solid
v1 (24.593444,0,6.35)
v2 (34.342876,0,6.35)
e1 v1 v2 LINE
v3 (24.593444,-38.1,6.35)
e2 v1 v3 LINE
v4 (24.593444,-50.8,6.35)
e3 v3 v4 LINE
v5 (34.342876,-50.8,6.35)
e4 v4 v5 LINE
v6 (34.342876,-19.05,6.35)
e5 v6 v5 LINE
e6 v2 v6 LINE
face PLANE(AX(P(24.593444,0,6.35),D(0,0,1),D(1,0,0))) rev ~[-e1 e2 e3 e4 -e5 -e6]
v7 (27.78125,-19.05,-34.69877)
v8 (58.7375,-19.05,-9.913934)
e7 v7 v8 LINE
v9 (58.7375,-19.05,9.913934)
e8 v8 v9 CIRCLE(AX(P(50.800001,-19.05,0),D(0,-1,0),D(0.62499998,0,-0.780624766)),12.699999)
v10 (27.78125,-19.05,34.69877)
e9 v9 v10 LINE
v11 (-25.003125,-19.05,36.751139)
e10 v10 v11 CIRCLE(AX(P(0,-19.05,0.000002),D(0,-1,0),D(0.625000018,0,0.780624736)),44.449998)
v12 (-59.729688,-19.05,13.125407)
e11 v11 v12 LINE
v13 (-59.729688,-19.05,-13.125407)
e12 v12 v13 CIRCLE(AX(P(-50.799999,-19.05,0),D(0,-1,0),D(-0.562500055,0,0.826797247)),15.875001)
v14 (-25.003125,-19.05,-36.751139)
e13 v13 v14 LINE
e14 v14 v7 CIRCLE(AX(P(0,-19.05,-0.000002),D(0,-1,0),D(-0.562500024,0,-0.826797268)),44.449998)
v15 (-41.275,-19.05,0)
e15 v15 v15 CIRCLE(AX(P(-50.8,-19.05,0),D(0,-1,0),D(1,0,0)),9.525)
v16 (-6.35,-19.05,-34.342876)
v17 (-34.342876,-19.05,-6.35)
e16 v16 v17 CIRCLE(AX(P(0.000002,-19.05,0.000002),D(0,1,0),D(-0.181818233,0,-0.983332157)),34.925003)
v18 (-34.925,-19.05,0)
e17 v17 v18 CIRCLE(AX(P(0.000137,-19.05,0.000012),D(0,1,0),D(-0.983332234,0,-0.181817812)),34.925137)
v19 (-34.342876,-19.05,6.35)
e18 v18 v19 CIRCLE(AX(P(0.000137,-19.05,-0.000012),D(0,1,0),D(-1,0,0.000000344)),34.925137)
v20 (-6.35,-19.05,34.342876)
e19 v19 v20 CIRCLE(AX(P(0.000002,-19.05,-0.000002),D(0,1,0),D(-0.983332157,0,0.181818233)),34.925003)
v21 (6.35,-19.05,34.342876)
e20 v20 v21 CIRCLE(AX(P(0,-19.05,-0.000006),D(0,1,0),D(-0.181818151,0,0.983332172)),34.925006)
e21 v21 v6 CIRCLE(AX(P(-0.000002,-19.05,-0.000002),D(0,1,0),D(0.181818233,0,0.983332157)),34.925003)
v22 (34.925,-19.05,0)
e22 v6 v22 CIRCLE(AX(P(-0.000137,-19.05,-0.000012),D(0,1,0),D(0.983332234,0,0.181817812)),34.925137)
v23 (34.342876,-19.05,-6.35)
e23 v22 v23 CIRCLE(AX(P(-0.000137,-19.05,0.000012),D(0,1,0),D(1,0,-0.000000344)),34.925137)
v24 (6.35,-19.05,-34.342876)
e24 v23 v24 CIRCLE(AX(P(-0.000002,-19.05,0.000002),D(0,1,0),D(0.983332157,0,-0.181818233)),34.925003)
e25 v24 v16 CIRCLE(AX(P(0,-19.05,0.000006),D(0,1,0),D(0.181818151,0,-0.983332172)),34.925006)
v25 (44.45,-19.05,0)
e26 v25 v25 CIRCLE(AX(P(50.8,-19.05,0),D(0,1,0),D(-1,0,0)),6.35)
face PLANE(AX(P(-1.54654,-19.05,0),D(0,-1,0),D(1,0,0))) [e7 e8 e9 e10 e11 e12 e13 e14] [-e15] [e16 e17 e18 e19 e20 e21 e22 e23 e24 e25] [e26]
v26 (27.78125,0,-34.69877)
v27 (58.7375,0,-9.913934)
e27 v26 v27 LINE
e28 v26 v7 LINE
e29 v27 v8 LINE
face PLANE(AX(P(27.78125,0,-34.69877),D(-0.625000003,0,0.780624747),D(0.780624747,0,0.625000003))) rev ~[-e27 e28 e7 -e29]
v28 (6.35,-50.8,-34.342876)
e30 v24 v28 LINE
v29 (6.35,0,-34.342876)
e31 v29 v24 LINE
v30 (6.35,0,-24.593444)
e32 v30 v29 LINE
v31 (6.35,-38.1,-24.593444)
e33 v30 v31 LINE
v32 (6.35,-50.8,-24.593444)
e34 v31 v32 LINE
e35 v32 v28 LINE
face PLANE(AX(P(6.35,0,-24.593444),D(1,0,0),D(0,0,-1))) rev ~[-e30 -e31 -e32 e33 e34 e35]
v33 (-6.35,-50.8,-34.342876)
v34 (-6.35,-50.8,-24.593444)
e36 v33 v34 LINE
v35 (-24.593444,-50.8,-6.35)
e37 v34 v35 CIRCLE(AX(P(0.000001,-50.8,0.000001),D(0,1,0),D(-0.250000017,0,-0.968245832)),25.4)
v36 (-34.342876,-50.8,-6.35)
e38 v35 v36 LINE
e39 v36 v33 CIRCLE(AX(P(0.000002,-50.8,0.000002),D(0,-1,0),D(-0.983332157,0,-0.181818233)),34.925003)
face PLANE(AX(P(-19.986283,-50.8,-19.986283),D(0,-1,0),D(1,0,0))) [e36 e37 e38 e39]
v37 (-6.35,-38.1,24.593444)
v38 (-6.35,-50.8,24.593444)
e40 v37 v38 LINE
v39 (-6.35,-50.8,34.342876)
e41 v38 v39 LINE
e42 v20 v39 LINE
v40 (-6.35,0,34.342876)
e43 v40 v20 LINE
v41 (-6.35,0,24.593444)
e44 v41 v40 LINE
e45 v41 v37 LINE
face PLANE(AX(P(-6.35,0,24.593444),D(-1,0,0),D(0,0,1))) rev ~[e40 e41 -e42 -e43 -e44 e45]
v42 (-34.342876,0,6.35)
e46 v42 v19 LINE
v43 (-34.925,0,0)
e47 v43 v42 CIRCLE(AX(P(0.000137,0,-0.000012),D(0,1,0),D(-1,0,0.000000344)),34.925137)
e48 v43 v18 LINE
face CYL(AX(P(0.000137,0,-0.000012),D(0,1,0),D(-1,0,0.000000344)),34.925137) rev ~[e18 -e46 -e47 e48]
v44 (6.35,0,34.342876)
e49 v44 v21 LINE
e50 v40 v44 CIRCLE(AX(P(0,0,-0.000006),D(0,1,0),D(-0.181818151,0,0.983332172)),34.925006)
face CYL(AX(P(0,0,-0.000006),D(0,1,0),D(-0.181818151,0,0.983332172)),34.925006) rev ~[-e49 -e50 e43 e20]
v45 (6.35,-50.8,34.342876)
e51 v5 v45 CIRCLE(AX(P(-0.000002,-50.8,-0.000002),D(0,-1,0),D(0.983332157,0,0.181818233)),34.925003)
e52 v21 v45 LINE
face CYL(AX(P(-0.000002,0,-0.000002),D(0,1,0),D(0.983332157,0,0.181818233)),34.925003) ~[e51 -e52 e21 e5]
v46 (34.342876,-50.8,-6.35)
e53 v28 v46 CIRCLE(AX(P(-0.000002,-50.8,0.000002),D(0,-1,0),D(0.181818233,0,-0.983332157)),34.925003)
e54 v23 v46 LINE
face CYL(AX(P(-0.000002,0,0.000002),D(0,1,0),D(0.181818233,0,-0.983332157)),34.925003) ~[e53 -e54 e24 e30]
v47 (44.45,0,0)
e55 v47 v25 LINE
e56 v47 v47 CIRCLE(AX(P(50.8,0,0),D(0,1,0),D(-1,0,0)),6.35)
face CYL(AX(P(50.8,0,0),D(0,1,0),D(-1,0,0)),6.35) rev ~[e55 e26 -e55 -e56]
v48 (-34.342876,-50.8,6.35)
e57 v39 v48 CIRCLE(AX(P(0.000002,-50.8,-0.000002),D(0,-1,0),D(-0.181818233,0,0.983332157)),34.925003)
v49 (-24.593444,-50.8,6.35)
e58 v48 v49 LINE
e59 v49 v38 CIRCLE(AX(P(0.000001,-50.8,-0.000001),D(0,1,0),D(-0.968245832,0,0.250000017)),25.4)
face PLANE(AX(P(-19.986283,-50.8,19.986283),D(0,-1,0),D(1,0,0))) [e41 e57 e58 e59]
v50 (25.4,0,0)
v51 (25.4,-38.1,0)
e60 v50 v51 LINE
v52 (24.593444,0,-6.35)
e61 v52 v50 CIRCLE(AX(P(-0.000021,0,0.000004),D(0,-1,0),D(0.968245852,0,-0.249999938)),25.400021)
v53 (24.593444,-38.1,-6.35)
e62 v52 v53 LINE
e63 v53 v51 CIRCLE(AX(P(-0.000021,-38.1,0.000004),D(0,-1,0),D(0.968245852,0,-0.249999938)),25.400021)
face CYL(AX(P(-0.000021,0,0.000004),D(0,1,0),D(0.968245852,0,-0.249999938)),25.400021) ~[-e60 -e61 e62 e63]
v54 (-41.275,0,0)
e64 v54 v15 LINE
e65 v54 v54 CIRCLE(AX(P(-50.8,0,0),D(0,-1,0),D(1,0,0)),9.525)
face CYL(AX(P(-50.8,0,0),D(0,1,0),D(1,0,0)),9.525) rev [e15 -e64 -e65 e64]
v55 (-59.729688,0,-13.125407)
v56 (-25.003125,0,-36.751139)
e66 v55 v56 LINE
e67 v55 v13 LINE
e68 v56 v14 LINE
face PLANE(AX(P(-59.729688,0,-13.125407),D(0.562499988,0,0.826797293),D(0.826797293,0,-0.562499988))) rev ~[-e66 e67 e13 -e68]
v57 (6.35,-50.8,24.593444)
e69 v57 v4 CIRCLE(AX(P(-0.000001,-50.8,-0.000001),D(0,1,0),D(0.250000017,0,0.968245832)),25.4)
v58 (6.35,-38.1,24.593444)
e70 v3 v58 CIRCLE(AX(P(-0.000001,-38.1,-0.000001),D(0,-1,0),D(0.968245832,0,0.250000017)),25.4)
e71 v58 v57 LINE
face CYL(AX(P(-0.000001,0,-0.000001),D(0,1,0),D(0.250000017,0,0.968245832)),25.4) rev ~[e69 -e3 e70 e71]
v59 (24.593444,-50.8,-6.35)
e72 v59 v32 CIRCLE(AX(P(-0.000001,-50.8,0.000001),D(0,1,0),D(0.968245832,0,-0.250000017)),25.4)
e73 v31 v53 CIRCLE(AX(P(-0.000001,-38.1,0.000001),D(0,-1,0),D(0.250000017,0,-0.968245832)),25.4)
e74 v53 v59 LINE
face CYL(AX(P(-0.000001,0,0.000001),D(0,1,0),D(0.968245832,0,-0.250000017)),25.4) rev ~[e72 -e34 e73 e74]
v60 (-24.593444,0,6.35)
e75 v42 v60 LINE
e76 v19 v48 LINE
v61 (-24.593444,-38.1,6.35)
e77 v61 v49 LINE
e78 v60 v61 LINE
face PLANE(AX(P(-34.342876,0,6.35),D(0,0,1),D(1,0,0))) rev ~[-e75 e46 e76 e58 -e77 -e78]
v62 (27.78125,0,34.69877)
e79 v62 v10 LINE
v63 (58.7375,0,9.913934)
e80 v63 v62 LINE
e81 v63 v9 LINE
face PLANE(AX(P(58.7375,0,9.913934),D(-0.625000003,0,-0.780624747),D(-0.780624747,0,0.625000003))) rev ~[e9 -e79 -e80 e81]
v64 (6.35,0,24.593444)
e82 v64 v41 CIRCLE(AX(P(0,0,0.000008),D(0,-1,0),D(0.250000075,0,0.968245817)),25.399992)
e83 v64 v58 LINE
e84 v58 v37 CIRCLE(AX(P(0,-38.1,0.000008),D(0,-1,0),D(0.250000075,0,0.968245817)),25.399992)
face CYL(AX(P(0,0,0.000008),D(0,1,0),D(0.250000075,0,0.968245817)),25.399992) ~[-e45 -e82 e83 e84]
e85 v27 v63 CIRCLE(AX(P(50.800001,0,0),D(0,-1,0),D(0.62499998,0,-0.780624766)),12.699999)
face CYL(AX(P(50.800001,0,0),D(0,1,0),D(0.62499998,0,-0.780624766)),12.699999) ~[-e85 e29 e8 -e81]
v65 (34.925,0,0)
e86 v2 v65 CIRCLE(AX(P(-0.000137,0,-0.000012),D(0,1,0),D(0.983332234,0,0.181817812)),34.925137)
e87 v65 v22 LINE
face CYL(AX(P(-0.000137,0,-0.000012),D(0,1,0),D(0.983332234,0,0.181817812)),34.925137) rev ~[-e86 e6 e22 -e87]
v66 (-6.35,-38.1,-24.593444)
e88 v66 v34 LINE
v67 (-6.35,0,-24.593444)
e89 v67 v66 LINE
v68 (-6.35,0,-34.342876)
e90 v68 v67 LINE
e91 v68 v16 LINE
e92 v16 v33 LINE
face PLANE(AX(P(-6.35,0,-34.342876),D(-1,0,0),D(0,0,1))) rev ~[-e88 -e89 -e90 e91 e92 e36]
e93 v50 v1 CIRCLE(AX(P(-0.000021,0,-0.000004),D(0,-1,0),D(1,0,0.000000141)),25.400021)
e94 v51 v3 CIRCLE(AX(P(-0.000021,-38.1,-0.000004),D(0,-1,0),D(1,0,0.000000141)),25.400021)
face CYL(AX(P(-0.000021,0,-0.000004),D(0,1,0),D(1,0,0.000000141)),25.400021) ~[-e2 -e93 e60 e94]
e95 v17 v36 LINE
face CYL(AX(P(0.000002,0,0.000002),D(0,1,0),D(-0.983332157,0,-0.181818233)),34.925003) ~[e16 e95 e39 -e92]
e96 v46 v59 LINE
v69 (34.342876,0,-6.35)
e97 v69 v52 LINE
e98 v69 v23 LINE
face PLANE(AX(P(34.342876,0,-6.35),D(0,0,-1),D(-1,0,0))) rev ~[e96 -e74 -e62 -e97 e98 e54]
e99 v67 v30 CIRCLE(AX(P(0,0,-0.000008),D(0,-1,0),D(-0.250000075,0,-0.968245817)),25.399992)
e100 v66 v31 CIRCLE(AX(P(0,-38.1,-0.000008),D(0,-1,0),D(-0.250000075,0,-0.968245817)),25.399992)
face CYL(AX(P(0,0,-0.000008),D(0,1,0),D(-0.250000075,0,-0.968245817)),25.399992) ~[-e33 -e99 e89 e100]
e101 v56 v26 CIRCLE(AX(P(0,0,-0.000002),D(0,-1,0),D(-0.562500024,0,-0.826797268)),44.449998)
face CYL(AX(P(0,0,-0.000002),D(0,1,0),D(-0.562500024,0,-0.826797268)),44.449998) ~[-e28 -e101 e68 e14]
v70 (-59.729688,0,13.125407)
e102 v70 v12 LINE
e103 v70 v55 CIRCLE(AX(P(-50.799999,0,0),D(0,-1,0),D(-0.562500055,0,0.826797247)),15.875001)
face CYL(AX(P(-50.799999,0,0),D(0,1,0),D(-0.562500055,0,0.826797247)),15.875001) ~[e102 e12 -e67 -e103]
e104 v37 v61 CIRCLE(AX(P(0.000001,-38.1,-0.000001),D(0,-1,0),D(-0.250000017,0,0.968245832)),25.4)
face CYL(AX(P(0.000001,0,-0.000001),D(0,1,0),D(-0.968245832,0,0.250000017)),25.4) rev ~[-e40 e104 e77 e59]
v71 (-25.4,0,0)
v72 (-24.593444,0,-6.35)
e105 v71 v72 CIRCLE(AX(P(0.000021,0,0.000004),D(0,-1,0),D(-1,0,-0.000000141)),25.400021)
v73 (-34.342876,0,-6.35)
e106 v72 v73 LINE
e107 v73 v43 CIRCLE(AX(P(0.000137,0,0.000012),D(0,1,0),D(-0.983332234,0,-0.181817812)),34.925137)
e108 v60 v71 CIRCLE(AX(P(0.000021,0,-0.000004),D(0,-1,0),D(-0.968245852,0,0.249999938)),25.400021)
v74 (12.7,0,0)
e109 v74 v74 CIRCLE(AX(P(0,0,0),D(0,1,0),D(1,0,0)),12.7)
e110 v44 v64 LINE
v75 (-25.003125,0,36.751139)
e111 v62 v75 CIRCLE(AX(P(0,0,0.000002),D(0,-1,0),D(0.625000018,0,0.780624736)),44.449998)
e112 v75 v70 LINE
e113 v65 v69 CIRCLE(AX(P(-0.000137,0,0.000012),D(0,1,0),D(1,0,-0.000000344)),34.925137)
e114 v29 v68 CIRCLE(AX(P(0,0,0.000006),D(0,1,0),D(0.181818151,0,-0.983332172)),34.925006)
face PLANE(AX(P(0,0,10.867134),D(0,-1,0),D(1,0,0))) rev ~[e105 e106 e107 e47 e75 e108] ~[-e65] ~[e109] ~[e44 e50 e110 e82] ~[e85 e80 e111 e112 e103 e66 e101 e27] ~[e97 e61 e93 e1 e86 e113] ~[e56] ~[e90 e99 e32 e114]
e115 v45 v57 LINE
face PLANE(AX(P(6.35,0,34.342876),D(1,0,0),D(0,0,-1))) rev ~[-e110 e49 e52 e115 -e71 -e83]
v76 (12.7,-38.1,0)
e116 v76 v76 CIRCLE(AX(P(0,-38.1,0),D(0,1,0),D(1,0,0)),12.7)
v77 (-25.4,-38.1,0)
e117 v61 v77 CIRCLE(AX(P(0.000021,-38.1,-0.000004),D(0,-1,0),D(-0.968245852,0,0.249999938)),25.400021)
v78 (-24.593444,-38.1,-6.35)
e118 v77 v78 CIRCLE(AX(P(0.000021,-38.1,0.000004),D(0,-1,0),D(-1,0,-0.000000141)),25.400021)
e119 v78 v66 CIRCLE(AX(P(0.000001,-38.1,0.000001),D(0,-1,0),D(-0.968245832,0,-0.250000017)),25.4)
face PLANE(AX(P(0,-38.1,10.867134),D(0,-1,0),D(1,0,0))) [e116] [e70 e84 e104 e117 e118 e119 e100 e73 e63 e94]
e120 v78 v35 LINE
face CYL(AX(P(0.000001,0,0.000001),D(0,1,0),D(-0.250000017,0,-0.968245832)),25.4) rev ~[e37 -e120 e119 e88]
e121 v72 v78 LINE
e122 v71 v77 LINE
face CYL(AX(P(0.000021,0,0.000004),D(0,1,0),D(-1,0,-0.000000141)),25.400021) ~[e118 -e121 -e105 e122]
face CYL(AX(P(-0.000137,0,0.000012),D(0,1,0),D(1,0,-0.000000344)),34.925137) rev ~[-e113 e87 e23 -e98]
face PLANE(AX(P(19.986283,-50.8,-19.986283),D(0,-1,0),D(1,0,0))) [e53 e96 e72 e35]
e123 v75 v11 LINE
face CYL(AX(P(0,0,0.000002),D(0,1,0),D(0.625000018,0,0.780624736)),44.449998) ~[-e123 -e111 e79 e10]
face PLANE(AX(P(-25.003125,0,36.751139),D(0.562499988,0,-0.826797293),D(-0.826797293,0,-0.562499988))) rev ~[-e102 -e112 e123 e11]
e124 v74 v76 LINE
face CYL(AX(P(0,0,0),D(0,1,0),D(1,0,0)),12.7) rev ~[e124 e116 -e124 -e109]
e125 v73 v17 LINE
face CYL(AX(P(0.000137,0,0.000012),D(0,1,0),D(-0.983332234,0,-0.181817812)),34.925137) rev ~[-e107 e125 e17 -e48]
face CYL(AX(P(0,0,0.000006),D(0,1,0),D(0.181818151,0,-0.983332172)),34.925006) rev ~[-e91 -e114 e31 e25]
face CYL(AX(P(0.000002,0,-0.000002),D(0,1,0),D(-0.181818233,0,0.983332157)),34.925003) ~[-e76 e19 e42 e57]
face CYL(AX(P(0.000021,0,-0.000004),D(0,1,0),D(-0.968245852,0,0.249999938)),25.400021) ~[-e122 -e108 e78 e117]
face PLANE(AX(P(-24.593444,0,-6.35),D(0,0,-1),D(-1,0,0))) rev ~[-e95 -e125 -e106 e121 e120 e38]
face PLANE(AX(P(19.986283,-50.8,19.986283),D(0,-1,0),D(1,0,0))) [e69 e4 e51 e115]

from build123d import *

# Parameters (mm, degrees)
F0_R     = 9.525
F1_DEPTH = 19.05
F2_DEPTH = 50.8
F3_DEPTH = 38.1


with BuildPart() as f1:
    # F0 (on Front) → F1 (new body)
    with BuildSketch(Plane.XZ):
        with BuildLine():
            Line((-59.729688, -13.125407), (-25.003125, -36.751139))
            ThreePointArc((-25.003125, -36.751139), (1.727006, -44.416438), (27.78125, -34.69877))
            Line((27.78125, -34.69877), (58.7375, -9.913934))
            ThreePointArc((58.7375, -9.913934), (63.5, 0), (58.7375, 9.913934))
            Line((58.7375, 9.913934), (27.78125, 34.69877))
            ThreePointArc((27.78125, 34.69877), (1.727006, 44.416438), (-25.003125, 36.751139))
            Line((-25.003125, 36.751139), (-59.729688, 13.125407))
            ThreePointArc((-59.729688, 13.125407), (-66.675, 0), (-59.729688, -13.125407))
        make_face()
        with Locations((-50.8, 0)):
            Circle(F0_R, mode=Mode.SUBTRACT)
        with BuildLine():
            ThreePointArc((34.342876, 6.35), (34.779164, 3.188313), (34.925, 0))
            ThreePointArc((34.925, 0), (34.779164, -3.188313), (34.342876, -6.35))
            ThreePointArc((34.342876, -6.35), (24.695704, -24.695704), (6.35, -34.342876))
            ThreePointArc((6.35, -34.342876), (0, -34.925), (-6.35, -34.342876))
            ThreePointArc((-6.35, -34.342876), (-24.695704, -24.695704), (-34.342876, -6.35))
            ThreePointArc((-34.342876, -6.35), (-34.779164, -3.188313), (-34.925, 0))
            ThreePointArc((-34.925, 0), (-34.779164, 3.188313), (-34.342876, 6.35))
            ThreePointArc((-34.342876, 6.35), (-24.695704, 24.695704), (-6.35, 34.342876))
            ThreePointArc((-6.35, 34.342876), (0, 34.925), (6.35, 34.342876))
            ThreePointArc((6.35, 34.342876), (24.695704, 24.695704), (34.342876, 6.35))
        make_face(mode=Mode.SUBTRACT)
        with BuildLine():
            ThreePointArc((57.15, 0), (50.8, -6.35), (44.45, 0))
            ThreePointArc((44.45, 0), (50.8, 6.35), (57.15, 0))
        make_face(mode=Mode.SUBTRACT)
    extrude(amount=F1_DEPTH)

    # F0 (on Front) → F2 (join)
    with BuildSketch(Plane.XZ):
        with BuildLine():
            Line((-34.342876, 6.35), (-24.593444, 6.35))
            ThreePointArc((-24.593444, 6.35), (-17.960512, 17.960512), (-6.35, 24.593444))
            Line((-6.35, 24.593444), (-6.35, 34.342876))
            ThreePointArc((-6.35, 34.342876), (-24.695704, 24.695704), (-34.342876, 6.35))
        make_face()
        with BuildLine():
            ThreePointArc((6.35, 24.593444), (17.960512, 17.960512), (24.593444, 6.35))
            Line((24.593444, 6.35), (34.342876, 6.35))
            ThreePointArc((34.342876, 6.35), (24.695704, 24.695704), (6.35, 34.342876))
            Line((6.35, 34.342876), (6.35, 24.593444))
        make_face()
        with BuildLine():
            Line((34.342876, -6.35), (24.593444, -6.35))
            ThreePointArc((24.593444, -6.35), (17.960512, -17.960512), (6.35, -24.593444))
            Line((6.35, -24.593444), (6.35, -34.342876))
            ThreePointArc((6.35, -34.342876), (24.695704, -24.695704), (34.342876, -6.35))
        make_face()
        with BuildLine():
            ThreePointArc((-6.35, -24.593444), (-17.960512, -17.960512), (-24.593444, -6.35))
            Line((-24.593444, -6.35), (-34.342876, -6.35))
            ThreePointArc((-34.342876, -6.35), (-24.695704, -24.695704), (-6.35, -34.342876))
            Line((-6.35, -34.342876), (-6.35, -24.593444))
        make_face()
    extrude(amount=F2_DEPTH)

    # F0 (on Front) → F3 (join)
    with BuildSketch(Plane.XZ):
        with BuildLine():
            ThreePointArc((-12.7, 0), (0, 12.7), (12.7, 0))
            Line((12.7, 0), (25.4, 0))
            ThreePointArc((25.4, 0), (25.197554, 3.200509), (24.593444, 6.35))
            ThreePointArc((24.593444, 6.35), (17.960512, 17.960512), (6.35, 24.593444))
            ThreePointArc((6.35, 24.593444), (0, 25.4), (-6.35, 24.593444))
            ThreePointArc((-6.35, 24.593444), (-17.960512, 17.960512), (-24.593444, 6.35))
            ThreePointArc((-24.593444, 6.35), (-25.197554, 3.200509), (-25.4, 0))
            Line((-25.4, 0), (-12.7, 0))
        make_face()
        with BuildLine():
            Line((25.4, 0), (12.7, 0))
            ThreePointArc((12.7, 0), (0, -12.7), (-12.7, 0))
            Line((-12.7, 0), (-25.4, 0))
            ThreePointArc((-25.4, 0), (-25.197554, -3.200509), (-24.593444, -6.35))
            ThreePointArc((-24.593444, -6.35), (-17.960512, -17.960512), (-6.35, -24.593444))
            ThreePointArc((-6.35, -24.593444), (0, -25.4), (6.35, -24.593444))
            ThreePointArc((6.35, -24.593444), (17.960512, -17.960512), (24.593444, -6.35))
            ThreePointArc((24.593444, -6.35), (25.197554, -3.200509), (25.4, 0))
        make_face()
    extrude(amount=F3_DEPTH)


solid = f1.part
